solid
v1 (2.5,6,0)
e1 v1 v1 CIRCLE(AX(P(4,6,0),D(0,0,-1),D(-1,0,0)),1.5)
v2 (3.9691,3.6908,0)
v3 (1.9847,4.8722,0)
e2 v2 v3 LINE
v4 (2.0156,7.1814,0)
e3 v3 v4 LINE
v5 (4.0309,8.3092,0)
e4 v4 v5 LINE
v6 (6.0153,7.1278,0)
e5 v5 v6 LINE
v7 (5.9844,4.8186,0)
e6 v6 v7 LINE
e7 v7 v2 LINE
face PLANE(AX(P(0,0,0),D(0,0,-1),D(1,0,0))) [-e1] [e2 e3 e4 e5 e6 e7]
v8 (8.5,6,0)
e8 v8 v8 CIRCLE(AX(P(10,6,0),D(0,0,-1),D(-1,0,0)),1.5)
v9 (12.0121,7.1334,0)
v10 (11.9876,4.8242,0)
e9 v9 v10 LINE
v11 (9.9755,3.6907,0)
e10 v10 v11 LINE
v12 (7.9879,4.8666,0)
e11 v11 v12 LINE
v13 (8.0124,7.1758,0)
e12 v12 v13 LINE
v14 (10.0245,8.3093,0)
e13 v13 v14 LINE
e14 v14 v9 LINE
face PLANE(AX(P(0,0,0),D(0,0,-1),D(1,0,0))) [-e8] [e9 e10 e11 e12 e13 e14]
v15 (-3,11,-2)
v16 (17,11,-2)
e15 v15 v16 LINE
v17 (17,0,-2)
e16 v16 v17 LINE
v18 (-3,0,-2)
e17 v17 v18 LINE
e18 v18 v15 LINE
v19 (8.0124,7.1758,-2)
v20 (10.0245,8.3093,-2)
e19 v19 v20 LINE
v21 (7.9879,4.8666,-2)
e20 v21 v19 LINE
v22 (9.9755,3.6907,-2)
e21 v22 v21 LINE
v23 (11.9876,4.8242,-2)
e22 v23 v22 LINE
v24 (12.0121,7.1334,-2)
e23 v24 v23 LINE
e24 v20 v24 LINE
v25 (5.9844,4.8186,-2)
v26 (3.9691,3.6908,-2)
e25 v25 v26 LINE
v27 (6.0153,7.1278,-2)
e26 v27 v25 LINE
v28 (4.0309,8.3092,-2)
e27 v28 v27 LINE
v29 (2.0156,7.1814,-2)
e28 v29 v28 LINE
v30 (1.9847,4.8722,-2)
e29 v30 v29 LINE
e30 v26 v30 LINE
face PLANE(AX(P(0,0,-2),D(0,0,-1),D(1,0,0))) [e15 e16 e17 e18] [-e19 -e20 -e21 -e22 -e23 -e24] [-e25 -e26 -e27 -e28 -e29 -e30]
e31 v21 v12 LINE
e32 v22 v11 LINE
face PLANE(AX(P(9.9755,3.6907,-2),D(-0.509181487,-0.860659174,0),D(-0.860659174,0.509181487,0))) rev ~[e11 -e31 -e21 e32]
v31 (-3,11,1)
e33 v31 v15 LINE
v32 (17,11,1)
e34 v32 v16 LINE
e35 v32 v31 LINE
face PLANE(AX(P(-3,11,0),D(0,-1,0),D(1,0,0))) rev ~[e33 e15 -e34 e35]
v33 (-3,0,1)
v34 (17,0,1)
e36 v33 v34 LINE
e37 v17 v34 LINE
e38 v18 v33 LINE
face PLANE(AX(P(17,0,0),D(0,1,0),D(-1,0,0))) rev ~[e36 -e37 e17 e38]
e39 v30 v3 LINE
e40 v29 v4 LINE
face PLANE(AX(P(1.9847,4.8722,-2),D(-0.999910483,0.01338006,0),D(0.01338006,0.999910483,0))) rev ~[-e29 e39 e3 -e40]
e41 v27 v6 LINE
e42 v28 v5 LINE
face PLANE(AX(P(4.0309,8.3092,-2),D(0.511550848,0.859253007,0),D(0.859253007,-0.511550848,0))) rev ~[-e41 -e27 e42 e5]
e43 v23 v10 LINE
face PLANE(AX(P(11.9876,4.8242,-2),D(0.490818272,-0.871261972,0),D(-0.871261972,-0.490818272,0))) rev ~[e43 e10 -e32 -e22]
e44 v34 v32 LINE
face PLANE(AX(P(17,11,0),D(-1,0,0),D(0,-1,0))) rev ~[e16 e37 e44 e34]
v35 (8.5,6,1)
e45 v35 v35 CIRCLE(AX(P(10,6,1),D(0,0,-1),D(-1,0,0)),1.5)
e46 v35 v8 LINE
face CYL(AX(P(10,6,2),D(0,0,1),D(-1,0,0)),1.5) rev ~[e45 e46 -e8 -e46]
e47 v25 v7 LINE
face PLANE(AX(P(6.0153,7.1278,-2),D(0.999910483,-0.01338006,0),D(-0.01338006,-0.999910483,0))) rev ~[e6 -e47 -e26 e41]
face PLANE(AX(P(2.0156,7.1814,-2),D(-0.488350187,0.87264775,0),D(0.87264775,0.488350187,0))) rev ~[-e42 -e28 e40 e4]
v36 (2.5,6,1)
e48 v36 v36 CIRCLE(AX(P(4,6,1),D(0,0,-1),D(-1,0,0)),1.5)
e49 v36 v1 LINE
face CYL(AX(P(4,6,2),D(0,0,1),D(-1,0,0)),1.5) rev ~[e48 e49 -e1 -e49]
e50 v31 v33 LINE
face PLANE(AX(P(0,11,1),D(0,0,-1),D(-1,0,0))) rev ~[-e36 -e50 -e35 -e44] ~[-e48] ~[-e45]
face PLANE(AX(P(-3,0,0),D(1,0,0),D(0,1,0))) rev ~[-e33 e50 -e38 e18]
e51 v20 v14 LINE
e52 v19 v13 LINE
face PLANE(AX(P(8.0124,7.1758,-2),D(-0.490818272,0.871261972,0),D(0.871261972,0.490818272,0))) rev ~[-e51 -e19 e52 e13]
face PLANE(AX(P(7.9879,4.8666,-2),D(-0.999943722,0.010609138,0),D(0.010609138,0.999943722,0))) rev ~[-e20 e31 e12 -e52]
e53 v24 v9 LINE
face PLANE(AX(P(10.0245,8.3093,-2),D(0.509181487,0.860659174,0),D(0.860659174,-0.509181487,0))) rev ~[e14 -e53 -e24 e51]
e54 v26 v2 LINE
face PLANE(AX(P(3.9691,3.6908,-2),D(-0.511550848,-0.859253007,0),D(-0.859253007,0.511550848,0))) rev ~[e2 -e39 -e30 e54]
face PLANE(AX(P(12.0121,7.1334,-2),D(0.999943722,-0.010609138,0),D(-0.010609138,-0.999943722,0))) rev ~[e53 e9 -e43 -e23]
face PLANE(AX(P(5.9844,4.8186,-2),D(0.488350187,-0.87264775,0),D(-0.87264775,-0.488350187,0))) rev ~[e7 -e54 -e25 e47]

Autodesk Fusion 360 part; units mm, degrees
sketch "Sketch1" plane through (0, 0, 0) normal (0, 0, 1) x (1, 0, 0)
  line L0 (0, 0) -> (14, 0)
  line L1 (14, 0) -> (14, 11)
  line L2 (14, 11) -> (0, 11)
  line L3 (0, 11) -> (0, 0)
  dimension "d1" = 14
  dimension "d2" = 11
extrude "Extrude1" add sketch "Sketch1" along normal blind 2
sketch "Sketch2" plane through (0, 0, 0) normal (0, -1, 0) x (1, 0, 0)
  line L0 (0, 0) -> (14, 0)
  line L1 (14, 0) -> (14, 2)
  line L2 (14, 2) -> (0, 2)
  line L3 (0, 2) -> (0, 0)
sketch "Sketch3" plane through (0, 0, 2) normal (0, 0, 1) x (-1, 0, 0)
  line L0 (0, -11) -> (0, 0)
  line L1 (0, 0) -> (-14, 0)
  line L2 (-14, 0) -> (-14, -11)
  line L3 (-14, -11) -> (0, -11)
  line L4 (0, -11) -> (3, -11)
  line L5 (3, -11) -> (3, 0)
  line L6 (3, 0) -> (0, 0)
  line L7 (0, 0) -> (0, -11)
  line L8 (-14, -11) -> (-17, -11)
  line L9 (-17, -11) -> (-17, 0)
  line L10 (-17, 0) -> (-14, 0)
  line L11 (-14, 0) -> (-14, -11)
  dimension "d26" = 3
  dimension "d27" = 3
extrude "Extrude2" add sketch "Sketch3" along normal blind 7 and the other way blind 2 contours L0 L4 L5 L6 L7 | L2 L8 L9 L10 L11
sketch "Sketch4" plane through (0, 0, 0) normal (0, 0, -1) x (1, 0, 0)
  line L0 (-3, -11) -> (17, -11)
  line L1 (17, -11) -> (17, 0)
  line L2 (17, 0) -> (-3, 0)
  line L3 (-3, 0) -> (-3, -11)
  line L4 (-3, 0) -> (17, 0)
  line L5 (17, 0) -> (17, -11)
  line L6 (17, -11) -> (-3, -11)
  line L7 (-3, -11) -> (-3, 0)
extrude "Extrude3" add sketch "Sketch4" along normal blind 2
sketch "Sketch5" plane through (0, 0, 2) normal (0, 0, 1) x (-1, 0, 0)
  line L0 (0, -11) -> (0, 0)
  line L1 (0, 0) -> (-14, 0)
  line L2 (-14, 0) -> (-14, -11)
  line L3 (-14, -11) -> (0, -11)
  line L4 (-7, -11) -> (-7, -6)
  line L5 (-7, -6) -> (0, -6)
  line L6 (-7, -6) -> (-14, -6)
  circle A0 centre (-4, -6) radius 1.5
  circle A1 centre (-10, -6) radius 1.5
  dimension "d11" = 5
  dimension "d12" = 3
  dimension "d13" = 3
  dimension "d31" = 6
  dimension "d32" = 4
extrude "Extrude4" cut sketch "Sketch5" against normal blind 4 contours L5 A0 | L5 A0 | L6 A1 | L6 A1
sketch "Sketch7" plane through (0, 0, -2) normal (0, 0, -1) x (1, 0, 0)
  circle A0 centre (4, -6) radius 1.5
  circle A1 centre (10, -6) radius 1.5
  line L0 (-3, -11) -> (17, -11)
  line L1 (17, -11) -> (17, 0)
  line L2 (17, 0) -> (-3, 0)
  line L3 (-3, 0) -> (-3, -11)
  line L4 (11.9876, -4.8242) -> (9.9755, -3.6907)
  line L5 (9.9755, -3.6907) -> (7.9879, -4.8666)
  line L6 (7.9879, -4.8666) -> (8.0124, -7.1758)
  line L7 (8.0124, -7.1758) -> (10.0245, -8.3093)
  line L8 (10.0245, -8.3093) -> (12.0121, -7.1334)
  line L9 (12.0121, -7.1334) -> (11.9876, -4.8242)
  line L10 (2.0156, -7.1814) -> (4.0309, -8.3092)
  line L11 (4.0309, -8.3092) -> (6.0153, -7.1278)
  line L12 (6.0153, -7.1278) -> (5.9844, -4.8186)
  line L13 (5.9844, -4.8186) -> (3.9691, -3.6908)
  line L14 (3.9691, -3.6908) -> (1.9847, -4.8722)
  line L15 (1.9847, -4.8722) -> (2.0156, -7.1814)
  point P0 (10, -6)
  point P1 (4, -6)
  dimension "d22" = 2
  dimension "d23" = 2
extrude "Extrude6" cut sketch "Sketch7" against normal blind 2 contours L4 L5 L6 L7 L8 L9 | L10 L11 L12 L13 L14 L15
fillet "Fillet1" radius 1 4 edges at (-3, 5.5, 9) (0, 5.5, 9) (14, 5.5, 9) (17, 5.5, 9)
sketch "Sketch8" plane through (0, 11, 0) normal (0, 1, 0) x (-1, 0, 0)
  arc A0 (-16, 9) -> (-17, 8) centre (-16, 8) ccw
  line L0 (-17, 8) -> (-17, -2)
  line L1 (-17, -2) -> (3, -2)
  line L2 (3, -2) -> (3, 8)
  arc A1 (3, 8) -> (2, 9) centre (2, 8) ccw
  line L3 (2, 9) -> (1, 9)
  arc A2 (1, 9) -> (0, 8) centre (1, 8) ccw
  line L4 (0, 8) -> (0, 2)
  line L5 (0, 2) -> (-14, 2)
  line L6 (-14, 2) -> (-14, 8)
  arc A3 (-14, 8) -> (-15, 9) centre (-15, 8) ccw
  line L7 (-15, 9) -> (-16, 9)
  line L8 (-14, 2) -> (-17, 2)
  line L9 (-17, 2) -> (-17, 9)
  line L10 (-17, 9) -> (-14, 9)
  line L11 (-14, 9) -> (-14, 2)
  line L12 (0, 2) -> (3, 2)
  line L13 (3, 2) -> (3, 9)
  line L14 (3, 9) -> (0, 9)
  line L15 (0, 9) -> (0, 2)
extrude "Extrude7" cut sketch "Sketch8" against normal blind 4 contours A0 L0 L6 A3 L7 L8 L9 L10 L11 | L2 A1 L3 A2 L4 L12 L13 L14 L15
fillet "Fillet2" radius 2 1 edges at (7, 11, 2)
delete_face "DeleteFace1" 1 faces at (10.3333, 9.0952, 1.9977)
sketch "Sketch9" plane through (17, 0, 0) normal (1, 0, 0) x (0, 1, 0)
  line L0 (11, 2) -> (7, 2)
  line L1 (7, 2) -> (7, 8)
  line L2 (7, 8) -> (0, 8)
  line L3 (0, 8) -> (0, -2)
  line L4 (0, -2) -> (11, -2)
  line L5 (11, -2) -> (11, 2)
  line L6 (7, 2) -> (0, 2)
  line L7 (0, 2) -> (0, 9)
  line L8 (0, 9) -> (7, 9)
  line L9 (7, 9) -> (7, 2)
extrude "Extrude8" cut sketch "Sketch9" against normal blind 20 contours L1 L2 L3 L6 L7 L9 | L2 L7 L8 L9
extrude "Extrude9" cut 1 faces at (7.8887, 1.5125, 2) along direction (0, 0, -1) blind 1
